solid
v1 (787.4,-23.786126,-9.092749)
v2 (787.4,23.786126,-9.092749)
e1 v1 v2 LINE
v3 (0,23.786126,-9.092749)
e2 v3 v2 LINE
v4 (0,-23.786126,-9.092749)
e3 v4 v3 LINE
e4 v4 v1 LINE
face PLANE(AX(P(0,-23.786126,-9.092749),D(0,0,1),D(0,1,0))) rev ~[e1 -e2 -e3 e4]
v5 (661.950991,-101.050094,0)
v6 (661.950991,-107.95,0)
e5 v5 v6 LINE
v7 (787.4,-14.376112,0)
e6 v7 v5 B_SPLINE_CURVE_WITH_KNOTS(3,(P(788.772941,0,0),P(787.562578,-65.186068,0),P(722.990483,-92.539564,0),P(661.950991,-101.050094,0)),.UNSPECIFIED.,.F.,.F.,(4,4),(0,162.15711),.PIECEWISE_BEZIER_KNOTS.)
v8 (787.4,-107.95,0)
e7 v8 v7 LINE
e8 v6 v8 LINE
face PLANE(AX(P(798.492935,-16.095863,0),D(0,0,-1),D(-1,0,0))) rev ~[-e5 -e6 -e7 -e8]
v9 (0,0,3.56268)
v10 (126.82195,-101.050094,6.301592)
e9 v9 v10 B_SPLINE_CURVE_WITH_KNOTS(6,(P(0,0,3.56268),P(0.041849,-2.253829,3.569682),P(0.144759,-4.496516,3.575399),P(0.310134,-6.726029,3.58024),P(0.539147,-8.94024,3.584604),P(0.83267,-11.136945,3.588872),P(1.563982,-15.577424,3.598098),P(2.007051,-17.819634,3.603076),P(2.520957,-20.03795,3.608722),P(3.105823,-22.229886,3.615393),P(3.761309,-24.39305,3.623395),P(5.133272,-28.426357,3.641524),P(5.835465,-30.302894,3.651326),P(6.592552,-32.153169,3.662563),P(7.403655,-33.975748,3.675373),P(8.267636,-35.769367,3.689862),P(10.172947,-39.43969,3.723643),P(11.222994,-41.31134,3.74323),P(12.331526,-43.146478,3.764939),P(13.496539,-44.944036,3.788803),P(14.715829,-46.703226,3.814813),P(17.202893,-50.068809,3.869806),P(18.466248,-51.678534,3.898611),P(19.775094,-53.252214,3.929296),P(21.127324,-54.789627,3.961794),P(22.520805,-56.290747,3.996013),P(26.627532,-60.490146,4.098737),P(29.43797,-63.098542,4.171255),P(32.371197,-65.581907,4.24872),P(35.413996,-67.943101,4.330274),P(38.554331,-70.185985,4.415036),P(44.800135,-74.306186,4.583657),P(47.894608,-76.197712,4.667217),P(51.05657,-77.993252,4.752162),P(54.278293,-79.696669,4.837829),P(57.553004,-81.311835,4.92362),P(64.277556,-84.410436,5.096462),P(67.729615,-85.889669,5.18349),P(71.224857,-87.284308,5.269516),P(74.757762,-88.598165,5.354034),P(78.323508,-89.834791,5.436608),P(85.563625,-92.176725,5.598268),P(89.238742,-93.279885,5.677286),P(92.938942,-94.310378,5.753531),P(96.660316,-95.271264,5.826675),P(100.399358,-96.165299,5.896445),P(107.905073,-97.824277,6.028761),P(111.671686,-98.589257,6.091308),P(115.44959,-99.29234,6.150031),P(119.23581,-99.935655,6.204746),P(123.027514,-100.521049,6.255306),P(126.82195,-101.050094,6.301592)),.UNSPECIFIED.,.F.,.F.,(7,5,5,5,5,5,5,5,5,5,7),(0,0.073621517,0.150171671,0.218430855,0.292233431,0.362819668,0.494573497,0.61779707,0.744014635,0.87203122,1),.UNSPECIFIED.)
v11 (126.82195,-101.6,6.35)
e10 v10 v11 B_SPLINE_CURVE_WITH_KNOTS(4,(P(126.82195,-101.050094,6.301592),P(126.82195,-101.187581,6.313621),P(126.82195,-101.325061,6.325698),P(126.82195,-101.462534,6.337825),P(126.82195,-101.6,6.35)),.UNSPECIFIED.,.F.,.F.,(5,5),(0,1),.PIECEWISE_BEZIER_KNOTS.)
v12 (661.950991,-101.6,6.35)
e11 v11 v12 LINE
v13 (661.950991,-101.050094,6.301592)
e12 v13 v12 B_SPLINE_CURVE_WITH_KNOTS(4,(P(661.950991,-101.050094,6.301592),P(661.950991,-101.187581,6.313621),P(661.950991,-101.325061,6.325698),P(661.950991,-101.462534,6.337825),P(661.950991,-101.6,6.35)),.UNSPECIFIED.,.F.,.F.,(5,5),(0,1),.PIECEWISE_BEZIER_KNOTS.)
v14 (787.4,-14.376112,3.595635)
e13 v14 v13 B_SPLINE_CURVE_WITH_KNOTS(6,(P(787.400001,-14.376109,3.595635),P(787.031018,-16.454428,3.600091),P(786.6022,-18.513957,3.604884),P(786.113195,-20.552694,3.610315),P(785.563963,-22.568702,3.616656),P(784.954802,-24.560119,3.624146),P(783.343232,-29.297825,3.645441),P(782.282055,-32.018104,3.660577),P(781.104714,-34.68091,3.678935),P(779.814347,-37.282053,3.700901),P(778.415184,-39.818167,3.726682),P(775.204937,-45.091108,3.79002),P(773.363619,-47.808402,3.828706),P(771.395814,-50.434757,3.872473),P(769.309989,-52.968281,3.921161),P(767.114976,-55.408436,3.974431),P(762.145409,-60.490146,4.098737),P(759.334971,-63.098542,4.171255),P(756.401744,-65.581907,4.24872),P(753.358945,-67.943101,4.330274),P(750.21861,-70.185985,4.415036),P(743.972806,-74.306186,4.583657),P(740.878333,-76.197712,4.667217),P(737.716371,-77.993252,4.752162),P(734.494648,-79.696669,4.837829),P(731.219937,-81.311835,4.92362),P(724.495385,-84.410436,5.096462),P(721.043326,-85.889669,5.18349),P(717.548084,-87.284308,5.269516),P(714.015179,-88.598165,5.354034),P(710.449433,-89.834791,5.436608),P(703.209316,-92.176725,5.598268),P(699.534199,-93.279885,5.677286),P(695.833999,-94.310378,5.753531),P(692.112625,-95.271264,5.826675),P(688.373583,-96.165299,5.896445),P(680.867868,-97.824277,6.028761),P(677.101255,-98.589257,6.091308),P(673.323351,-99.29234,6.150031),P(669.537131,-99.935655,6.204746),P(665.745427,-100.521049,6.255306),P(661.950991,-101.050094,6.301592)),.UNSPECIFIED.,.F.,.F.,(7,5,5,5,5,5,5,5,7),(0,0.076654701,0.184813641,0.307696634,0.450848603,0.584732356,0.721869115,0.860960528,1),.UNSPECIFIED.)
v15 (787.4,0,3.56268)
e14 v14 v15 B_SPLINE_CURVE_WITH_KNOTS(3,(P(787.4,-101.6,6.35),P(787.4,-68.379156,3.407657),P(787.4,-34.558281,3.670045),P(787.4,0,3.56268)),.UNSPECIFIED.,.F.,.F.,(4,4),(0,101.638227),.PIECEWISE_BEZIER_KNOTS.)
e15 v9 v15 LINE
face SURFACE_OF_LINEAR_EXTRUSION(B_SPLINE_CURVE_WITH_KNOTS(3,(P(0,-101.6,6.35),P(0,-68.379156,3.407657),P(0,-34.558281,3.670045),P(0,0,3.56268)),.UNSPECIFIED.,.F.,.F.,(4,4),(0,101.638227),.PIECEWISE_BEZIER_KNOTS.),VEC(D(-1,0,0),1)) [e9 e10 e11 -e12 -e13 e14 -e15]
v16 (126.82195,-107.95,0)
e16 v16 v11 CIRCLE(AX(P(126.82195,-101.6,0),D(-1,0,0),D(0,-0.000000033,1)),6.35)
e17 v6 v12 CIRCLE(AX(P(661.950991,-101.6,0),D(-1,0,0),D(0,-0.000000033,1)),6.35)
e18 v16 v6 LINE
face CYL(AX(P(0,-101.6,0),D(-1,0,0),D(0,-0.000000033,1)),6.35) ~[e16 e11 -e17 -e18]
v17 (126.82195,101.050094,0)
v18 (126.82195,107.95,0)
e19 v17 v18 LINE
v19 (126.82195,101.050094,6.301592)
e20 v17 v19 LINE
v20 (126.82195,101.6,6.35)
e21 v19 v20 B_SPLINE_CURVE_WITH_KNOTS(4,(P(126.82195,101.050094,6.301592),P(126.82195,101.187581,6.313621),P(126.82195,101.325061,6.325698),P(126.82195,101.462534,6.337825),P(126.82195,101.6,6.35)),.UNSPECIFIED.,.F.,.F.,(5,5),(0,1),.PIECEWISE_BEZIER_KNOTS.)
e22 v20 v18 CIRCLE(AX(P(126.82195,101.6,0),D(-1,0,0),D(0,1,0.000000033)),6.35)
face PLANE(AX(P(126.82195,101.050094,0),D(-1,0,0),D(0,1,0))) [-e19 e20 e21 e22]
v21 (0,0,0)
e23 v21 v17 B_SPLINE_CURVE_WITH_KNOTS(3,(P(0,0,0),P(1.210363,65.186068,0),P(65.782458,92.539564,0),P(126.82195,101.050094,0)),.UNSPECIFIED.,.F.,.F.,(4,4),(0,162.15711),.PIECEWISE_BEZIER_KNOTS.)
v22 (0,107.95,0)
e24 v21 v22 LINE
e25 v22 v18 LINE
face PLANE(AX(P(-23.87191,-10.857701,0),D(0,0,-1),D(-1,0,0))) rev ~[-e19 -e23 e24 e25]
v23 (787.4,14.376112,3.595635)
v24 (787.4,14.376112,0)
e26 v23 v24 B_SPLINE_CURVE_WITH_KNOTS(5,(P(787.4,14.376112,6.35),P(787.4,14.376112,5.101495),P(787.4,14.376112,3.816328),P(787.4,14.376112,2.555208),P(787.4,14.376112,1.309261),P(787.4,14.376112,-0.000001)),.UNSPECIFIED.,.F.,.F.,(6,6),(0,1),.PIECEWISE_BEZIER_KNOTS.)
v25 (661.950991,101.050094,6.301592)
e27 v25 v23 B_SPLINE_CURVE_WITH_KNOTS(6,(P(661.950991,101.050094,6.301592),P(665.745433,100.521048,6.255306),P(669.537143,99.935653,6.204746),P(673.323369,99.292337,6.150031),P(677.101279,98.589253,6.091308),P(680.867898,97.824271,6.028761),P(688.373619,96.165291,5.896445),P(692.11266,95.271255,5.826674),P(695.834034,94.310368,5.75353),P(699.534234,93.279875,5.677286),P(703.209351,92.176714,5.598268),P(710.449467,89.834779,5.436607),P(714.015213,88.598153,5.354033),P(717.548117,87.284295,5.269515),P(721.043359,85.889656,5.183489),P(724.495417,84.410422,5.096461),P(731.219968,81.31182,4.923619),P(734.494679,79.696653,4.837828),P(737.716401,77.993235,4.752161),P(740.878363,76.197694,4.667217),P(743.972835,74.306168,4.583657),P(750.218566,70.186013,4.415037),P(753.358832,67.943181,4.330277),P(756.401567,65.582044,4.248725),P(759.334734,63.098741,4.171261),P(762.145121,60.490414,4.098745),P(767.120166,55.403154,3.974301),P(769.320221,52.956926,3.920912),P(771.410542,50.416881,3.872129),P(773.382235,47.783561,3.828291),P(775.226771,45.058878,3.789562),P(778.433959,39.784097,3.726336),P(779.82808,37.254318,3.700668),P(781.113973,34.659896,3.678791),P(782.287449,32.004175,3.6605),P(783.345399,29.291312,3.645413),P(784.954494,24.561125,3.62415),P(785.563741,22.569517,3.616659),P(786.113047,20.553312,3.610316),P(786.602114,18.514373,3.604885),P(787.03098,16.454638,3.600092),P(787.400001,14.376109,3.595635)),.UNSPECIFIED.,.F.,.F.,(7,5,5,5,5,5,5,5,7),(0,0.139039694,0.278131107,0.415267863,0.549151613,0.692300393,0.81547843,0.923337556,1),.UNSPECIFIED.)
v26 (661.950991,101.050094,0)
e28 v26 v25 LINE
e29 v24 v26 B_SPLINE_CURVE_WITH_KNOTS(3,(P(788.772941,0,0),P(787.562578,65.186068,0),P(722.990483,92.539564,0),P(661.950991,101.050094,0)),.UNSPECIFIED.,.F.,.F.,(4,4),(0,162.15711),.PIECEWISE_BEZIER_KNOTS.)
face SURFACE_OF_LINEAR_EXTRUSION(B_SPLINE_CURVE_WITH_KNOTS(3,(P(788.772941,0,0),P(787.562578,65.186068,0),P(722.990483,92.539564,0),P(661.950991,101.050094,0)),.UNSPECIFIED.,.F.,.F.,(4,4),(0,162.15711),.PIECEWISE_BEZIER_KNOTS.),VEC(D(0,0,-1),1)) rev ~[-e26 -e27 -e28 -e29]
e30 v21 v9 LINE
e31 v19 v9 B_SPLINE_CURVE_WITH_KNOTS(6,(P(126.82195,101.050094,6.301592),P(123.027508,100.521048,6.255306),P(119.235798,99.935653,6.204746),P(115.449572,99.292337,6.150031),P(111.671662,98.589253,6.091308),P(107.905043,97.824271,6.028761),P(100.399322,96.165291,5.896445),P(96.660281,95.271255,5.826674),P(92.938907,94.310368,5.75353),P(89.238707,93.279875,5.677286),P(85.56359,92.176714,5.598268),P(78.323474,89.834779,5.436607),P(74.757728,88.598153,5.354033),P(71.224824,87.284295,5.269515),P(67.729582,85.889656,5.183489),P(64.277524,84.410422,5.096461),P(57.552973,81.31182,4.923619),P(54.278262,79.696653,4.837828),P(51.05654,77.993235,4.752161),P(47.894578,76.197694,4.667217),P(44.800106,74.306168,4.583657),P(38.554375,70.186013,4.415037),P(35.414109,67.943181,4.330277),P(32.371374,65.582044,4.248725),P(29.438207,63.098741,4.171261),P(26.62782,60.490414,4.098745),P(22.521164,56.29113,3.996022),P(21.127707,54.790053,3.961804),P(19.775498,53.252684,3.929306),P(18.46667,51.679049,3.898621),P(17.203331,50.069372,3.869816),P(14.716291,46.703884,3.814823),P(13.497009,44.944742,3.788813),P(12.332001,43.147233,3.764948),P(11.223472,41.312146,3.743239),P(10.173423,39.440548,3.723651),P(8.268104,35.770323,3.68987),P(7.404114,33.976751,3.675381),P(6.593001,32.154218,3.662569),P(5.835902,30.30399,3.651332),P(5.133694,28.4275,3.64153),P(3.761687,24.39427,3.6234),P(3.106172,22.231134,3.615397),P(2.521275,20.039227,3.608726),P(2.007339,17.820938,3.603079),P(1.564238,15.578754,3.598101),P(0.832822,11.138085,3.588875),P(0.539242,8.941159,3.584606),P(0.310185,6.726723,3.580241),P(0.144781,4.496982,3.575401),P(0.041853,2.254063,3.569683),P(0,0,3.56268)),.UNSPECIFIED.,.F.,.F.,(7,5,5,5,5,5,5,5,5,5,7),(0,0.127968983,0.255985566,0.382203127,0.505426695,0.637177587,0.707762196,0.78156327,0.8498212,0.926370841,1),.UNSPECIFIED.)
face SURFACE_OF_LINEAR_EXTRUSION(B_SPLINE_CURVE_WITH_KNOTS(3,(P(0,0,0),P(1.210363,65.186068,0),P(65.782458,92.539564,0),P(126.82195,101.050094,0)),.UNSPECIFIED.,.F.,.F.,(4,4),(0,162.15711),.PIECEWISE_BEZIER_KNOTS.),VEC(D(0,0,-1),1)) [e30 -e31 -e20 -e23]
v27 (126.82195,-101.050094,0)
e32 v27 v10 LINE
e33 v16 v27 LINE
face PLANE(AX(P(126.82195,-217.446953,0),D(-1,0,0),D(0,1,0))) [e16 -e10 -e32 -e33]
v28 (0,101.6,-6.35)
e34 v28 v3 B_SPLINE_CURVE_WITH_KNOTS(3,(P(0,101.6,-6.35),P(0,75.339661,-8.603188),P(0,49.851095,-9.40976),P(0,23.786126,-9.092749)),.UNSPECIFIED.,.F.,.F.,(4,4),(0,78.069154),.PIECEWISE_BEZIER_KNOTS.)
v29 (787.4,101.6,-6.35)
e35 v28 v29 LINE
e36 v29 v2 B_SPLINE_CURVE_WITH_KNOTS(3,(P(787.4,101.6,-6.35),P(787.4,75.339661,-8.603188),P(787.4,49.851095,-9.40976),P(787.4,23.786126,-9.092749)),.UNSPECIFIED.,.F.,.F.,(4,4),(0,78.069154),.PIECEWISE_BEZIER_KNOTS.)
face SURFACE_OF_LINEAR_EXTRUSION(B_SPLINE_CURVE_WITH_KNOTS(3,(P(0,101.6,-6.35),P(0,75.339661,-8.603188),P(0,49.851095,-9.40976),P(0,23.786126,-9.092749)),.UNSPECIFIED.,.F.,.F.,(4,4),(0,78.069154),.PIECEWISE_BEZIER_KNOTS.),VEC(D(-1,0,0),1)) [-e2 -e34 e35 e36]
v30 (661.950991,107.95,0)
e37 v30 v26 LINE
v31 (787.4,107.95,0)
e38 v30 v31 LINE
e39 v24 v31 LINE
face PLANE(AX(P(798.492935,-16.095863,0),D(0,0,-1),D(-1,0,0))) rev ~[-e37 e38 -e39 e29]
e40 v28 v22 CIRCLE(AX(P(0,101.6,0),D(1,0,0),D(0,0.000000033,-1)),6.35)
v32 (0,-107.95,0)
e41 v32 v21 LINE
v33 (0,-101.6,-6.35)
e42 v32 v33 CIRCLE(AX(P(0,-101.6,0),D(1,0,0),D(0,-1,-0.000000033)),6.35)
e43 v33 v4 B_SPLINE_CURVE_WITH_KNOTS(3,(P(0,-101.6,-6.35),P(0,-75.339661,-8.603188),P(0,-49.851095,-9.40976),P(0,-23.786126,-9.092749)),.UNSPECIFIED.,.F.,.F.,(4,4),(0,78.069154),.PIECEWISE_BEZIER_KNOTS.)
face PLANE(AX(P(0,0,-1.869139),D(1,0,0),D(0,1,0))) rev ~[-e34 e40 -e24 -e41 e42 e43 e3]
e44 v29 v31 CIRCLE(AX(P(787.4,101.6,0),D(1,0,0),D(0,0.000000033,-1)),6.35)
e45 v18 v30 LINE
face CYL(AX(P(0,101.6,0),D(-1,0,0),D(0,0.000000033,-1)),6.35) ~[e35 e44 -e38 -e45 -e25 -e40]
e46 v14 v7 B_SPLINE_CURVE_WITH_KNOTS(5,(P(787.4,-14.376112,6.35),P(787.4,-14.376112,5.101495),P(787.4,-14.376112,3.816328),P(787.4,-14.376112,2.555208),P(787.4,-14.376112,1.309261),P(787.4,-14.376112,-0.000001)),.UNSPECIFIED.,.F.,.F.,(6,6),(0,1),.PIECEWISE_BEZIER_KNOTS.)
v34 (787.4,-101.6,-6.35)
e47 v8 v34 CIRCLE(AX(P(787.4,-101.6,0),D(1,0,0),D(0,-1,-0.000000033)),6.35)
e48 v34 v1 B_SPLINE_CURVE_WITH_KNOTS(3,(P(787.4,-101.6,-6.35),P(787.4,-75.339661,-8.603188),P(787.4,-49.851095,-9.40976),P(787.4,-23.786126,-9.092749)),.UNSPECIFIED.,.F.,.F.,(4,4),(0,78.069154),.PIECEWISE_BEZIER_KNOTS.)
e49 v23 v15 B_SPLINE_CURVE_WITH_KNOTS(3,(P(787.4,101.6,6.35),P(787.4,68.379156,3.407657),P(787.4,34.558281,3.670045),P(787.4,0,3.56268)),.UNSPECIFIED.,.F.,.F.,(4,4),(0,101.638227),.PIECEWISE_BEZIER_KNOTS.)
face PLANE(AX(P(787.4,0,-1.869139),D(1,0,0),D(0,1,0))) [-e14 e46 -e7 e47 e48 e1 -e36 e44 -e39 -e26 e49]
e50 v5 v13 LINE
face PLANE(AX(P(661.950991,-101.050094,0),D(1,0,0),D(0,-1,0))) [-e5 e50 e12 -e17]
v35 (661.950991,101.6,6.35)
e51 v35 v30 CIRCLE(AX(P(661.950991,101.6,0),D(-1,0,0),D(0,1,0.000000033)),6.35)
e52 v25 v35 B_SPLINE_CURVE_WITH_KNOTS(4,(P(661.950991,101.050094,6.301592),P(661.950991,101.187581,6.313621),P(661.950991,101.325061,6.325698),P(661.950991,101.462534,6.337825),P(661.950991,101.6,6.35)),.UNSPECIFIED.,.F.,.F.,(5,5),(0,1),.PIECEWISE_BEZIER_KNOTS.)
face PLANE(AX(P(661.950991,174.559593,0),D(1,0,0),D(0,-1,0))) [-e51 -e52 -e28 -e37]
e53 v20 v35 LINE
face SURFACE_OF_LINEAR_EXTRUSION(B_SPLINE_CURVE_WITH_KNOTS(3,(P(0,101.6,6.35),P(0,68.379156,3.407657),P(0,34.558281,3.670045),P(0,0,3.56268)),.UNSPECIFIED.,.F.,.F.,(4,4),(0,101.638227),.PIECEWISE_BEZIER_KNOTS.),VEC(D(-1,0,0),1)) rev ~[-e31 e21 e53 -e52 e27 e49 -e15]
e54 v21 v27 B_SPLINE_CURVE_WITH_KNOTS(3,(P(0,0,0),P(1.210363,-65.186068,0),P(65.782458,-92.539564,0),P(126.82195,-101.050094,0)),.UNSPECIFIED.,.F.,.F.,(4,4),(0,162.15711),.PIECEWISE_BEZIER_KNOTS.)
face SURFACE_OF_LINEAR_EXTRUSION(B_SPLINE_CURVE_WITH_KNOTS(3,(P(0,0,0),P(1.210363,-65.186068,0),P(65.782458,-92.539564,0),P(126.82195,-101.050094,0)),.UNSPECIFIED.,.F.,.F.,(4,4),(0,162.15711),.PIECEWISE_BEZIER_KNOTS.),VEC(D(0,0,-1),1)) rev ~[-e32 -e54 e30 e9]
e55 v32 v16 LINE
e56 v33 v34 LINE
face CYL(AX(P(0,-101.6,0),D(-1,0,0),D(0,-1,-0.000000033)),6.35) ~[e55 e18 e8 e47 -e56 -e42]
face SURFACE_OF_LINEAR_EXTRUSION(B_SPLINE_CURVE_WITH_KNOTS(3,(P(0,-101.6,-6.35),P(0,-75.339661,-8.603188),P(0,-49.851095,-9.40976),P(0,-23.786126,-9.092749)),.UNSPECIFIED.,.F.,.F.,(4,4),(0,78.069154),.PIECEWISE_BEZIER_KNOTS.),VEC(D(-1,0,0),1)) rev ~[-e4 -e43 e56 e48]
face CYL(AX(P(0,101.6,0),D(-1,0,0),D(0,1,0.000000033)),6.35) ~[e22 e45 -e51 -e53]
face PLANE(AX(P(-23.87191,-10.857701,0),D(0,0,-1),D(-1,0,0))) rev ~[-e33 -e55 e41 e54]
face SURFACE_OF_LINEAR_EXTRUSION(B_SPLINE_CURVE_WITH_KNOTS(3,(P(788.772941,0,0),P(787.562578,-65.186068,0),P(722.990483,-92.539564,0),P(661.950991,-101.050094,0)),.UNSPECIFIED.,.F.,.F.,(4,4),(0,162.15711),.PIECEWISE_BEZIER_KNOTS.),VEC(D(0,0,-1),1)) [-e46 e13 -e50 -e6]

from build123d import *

# Parameters (mm, degrees)
F1_DEPTH = 787.4
F3_DEPTH = 6.351


with BuildPart() as f1:
    # F0 (on Right) → F1 (new body)
    with BuildSketch(Plane.YZ):
        with BuildLine():
            ThreePointArc((101.6, -6.35), (106.090128, -4.490128), (107.95, 0))
            ThreePointArc((107.95, 0), (106.090128, 4.490128), (101.6, 6.35))
            add(Edge.make_bspline(
                [(101.6, 6.35), (68.379156, 3.407657), (34.558281, 3.670045), (0, 3.56268)],
                knots=[0, 0, 0, 0, 101.638227, 101.638227, 101.638227, 101.638227], degree=3))
            add(Edge.make_bspline(
                [(-101.6, 6.35), (-68.379156, 3.407657), (-34.558281, 3.670045), (0, 3.56268)],
                knots=[0, 0, 0, 0, 101.638227, 101.638227, 101.638227, 101.638227], degree=3))
            ThreePointArc((-101.6, 6.35), (-106.090128, 4.490128), (-107.95, 0))
            ThreePointArc((-107.95, 0), (-106.090128, -4.490128), (-101.6, -6.35))
            add(Edge.make_bspline(
                [(-101.6, -6.35), (-75.339661, -8.603188), (-49.851095, -9.40976), (-23.786126, -9.092749)],
                knots=[0, 0, 0, 0, 78.069154, 78.069154, 78.069154, 78.069154], degree=3))
            add(Edge.make_bspline(
                [(-23.786126, -9.092749), (-15.922226, -8.997105), (-8.005859, -8.799187), (0, -8.507866)],
                knots=[78.069154, 78.069154, 78.069154, 78.069154, 101.622913, 101.622913, 101.622913, 101.622913], degree=3))
            add(Edge.make_bspline(
                [(23.786126, -9.092749), (15.922226, -8.997105), (8.005859, -8.799187), (0, -8.507866)],
                knots=[78.069154, 78.069154, 78.069154, 78.069154, 101.622913, 101.622913, 101.622913, 101.622913], degree=3))
            add(Edge.make_bspline(
                [(101.6, -6.35), (75.339661, -8.603188), (49.851095, -9.40976), (23.786126, -9.092749)],
                knots=[0, 0, 0, 0, 78.069154, 78.069154, 78.069154, 78.069154], degree=3))
        make_face()
        with BuildLine():
            Line((-23.786126, -9.092749), (23.786126, -9.092749))
            add(Edge.make_bspline(
                [(23.786126, -9.092749), (15.922226, -8.997105), (8.005859, -8.799187), (0, -8.507866)],
                knots=[78.069154, 78.069154, 78.069154, 78.069154, 101.622913, 101.622913, 101.622913, 101.622913], degree=3))
            add(Edge.make_bspline(
                [(-23.786126, -9.092749), (-15.922226, -8.997105), (-8.005859, -8.799187), (0, -8.507866)],
                knots=[78.069154, 78.069154, 78.069154, 78.069154, 101.622913, 101.622913, 101.622913, 101.622913], degree=3))
        make_face()
    extrude(amount=F1_DEPTH)

    # F2 (on Top) → F3 (cut, through all)
    with BuildSketch(Plane.XY):
        with BuildLine():
            add(Edge.make_bspline(
                [(788.772941, 0), (787.562578, 65.186068), (722.990483, 92.539564), (661.950991, 101.050094)],
                knots=[0, 0, 0, 0, 162.15711, 162.15711, 162.15711, 162.15711], degree=3))
            add(Edge.make_bspline(
                [(788.772941, 0), (787.562578, -65.186068), (722.990483, -92.539564), (661.950991, -101.050094)],
                knots=[0, 0, 0, 0, 162.15711, 162.15711, 162.15711, 162.15711], degree=3))
            Line((661.950991, -101.050094), (661.950991, -210.459784))
            Line((661.950991, -210.459784), (925.617337, -210.459784))
            Line((925.617337, -210.459784), (925.617337, 174.559593))
            Line((925.617337, 174.559593), (661.950991, 174.559593))
            Line((661.950991, 174.559593), (661.950991, 101.050094))
        make_face()
        with BuildLine():
            add(Edge.make_bspline(
                [(0, 0), (1.210363, -65.186068), (65.782458, -92.539564), (126.82195, -101.050094)],
                knots=[0, 0, 0, 0, 162.15711, 162.15711, 162.15711, 162.15711], degree=3))
            add(Edge.make_bspline(
                [(0, 0), (1.210363, 65.186068), (65.782458, 92.539564), (126.82195, 101.050094)],
                knots=[0, 0, 0, 0, 162.15711, 162.15711, 162.15711, 162.15711], degree=3))
            Line((126.82195, 101.050094), (126.82195, 193.435043))
            Line((126.82195, 193.435043), (-168.913588, 193.435043))
            Line((-168.913588, 193.435043), (-168.913588, -217.446953))
            Line((-168.913588, -217.446953), (126.82195, -217.446953))
            Line((126.82195, -217.446953), (126.82195, -101.050094))
        make_face()
    extrude(amount=F3_DEPTH, mode=Mode.SUBTRACT)


solid = f1.part
